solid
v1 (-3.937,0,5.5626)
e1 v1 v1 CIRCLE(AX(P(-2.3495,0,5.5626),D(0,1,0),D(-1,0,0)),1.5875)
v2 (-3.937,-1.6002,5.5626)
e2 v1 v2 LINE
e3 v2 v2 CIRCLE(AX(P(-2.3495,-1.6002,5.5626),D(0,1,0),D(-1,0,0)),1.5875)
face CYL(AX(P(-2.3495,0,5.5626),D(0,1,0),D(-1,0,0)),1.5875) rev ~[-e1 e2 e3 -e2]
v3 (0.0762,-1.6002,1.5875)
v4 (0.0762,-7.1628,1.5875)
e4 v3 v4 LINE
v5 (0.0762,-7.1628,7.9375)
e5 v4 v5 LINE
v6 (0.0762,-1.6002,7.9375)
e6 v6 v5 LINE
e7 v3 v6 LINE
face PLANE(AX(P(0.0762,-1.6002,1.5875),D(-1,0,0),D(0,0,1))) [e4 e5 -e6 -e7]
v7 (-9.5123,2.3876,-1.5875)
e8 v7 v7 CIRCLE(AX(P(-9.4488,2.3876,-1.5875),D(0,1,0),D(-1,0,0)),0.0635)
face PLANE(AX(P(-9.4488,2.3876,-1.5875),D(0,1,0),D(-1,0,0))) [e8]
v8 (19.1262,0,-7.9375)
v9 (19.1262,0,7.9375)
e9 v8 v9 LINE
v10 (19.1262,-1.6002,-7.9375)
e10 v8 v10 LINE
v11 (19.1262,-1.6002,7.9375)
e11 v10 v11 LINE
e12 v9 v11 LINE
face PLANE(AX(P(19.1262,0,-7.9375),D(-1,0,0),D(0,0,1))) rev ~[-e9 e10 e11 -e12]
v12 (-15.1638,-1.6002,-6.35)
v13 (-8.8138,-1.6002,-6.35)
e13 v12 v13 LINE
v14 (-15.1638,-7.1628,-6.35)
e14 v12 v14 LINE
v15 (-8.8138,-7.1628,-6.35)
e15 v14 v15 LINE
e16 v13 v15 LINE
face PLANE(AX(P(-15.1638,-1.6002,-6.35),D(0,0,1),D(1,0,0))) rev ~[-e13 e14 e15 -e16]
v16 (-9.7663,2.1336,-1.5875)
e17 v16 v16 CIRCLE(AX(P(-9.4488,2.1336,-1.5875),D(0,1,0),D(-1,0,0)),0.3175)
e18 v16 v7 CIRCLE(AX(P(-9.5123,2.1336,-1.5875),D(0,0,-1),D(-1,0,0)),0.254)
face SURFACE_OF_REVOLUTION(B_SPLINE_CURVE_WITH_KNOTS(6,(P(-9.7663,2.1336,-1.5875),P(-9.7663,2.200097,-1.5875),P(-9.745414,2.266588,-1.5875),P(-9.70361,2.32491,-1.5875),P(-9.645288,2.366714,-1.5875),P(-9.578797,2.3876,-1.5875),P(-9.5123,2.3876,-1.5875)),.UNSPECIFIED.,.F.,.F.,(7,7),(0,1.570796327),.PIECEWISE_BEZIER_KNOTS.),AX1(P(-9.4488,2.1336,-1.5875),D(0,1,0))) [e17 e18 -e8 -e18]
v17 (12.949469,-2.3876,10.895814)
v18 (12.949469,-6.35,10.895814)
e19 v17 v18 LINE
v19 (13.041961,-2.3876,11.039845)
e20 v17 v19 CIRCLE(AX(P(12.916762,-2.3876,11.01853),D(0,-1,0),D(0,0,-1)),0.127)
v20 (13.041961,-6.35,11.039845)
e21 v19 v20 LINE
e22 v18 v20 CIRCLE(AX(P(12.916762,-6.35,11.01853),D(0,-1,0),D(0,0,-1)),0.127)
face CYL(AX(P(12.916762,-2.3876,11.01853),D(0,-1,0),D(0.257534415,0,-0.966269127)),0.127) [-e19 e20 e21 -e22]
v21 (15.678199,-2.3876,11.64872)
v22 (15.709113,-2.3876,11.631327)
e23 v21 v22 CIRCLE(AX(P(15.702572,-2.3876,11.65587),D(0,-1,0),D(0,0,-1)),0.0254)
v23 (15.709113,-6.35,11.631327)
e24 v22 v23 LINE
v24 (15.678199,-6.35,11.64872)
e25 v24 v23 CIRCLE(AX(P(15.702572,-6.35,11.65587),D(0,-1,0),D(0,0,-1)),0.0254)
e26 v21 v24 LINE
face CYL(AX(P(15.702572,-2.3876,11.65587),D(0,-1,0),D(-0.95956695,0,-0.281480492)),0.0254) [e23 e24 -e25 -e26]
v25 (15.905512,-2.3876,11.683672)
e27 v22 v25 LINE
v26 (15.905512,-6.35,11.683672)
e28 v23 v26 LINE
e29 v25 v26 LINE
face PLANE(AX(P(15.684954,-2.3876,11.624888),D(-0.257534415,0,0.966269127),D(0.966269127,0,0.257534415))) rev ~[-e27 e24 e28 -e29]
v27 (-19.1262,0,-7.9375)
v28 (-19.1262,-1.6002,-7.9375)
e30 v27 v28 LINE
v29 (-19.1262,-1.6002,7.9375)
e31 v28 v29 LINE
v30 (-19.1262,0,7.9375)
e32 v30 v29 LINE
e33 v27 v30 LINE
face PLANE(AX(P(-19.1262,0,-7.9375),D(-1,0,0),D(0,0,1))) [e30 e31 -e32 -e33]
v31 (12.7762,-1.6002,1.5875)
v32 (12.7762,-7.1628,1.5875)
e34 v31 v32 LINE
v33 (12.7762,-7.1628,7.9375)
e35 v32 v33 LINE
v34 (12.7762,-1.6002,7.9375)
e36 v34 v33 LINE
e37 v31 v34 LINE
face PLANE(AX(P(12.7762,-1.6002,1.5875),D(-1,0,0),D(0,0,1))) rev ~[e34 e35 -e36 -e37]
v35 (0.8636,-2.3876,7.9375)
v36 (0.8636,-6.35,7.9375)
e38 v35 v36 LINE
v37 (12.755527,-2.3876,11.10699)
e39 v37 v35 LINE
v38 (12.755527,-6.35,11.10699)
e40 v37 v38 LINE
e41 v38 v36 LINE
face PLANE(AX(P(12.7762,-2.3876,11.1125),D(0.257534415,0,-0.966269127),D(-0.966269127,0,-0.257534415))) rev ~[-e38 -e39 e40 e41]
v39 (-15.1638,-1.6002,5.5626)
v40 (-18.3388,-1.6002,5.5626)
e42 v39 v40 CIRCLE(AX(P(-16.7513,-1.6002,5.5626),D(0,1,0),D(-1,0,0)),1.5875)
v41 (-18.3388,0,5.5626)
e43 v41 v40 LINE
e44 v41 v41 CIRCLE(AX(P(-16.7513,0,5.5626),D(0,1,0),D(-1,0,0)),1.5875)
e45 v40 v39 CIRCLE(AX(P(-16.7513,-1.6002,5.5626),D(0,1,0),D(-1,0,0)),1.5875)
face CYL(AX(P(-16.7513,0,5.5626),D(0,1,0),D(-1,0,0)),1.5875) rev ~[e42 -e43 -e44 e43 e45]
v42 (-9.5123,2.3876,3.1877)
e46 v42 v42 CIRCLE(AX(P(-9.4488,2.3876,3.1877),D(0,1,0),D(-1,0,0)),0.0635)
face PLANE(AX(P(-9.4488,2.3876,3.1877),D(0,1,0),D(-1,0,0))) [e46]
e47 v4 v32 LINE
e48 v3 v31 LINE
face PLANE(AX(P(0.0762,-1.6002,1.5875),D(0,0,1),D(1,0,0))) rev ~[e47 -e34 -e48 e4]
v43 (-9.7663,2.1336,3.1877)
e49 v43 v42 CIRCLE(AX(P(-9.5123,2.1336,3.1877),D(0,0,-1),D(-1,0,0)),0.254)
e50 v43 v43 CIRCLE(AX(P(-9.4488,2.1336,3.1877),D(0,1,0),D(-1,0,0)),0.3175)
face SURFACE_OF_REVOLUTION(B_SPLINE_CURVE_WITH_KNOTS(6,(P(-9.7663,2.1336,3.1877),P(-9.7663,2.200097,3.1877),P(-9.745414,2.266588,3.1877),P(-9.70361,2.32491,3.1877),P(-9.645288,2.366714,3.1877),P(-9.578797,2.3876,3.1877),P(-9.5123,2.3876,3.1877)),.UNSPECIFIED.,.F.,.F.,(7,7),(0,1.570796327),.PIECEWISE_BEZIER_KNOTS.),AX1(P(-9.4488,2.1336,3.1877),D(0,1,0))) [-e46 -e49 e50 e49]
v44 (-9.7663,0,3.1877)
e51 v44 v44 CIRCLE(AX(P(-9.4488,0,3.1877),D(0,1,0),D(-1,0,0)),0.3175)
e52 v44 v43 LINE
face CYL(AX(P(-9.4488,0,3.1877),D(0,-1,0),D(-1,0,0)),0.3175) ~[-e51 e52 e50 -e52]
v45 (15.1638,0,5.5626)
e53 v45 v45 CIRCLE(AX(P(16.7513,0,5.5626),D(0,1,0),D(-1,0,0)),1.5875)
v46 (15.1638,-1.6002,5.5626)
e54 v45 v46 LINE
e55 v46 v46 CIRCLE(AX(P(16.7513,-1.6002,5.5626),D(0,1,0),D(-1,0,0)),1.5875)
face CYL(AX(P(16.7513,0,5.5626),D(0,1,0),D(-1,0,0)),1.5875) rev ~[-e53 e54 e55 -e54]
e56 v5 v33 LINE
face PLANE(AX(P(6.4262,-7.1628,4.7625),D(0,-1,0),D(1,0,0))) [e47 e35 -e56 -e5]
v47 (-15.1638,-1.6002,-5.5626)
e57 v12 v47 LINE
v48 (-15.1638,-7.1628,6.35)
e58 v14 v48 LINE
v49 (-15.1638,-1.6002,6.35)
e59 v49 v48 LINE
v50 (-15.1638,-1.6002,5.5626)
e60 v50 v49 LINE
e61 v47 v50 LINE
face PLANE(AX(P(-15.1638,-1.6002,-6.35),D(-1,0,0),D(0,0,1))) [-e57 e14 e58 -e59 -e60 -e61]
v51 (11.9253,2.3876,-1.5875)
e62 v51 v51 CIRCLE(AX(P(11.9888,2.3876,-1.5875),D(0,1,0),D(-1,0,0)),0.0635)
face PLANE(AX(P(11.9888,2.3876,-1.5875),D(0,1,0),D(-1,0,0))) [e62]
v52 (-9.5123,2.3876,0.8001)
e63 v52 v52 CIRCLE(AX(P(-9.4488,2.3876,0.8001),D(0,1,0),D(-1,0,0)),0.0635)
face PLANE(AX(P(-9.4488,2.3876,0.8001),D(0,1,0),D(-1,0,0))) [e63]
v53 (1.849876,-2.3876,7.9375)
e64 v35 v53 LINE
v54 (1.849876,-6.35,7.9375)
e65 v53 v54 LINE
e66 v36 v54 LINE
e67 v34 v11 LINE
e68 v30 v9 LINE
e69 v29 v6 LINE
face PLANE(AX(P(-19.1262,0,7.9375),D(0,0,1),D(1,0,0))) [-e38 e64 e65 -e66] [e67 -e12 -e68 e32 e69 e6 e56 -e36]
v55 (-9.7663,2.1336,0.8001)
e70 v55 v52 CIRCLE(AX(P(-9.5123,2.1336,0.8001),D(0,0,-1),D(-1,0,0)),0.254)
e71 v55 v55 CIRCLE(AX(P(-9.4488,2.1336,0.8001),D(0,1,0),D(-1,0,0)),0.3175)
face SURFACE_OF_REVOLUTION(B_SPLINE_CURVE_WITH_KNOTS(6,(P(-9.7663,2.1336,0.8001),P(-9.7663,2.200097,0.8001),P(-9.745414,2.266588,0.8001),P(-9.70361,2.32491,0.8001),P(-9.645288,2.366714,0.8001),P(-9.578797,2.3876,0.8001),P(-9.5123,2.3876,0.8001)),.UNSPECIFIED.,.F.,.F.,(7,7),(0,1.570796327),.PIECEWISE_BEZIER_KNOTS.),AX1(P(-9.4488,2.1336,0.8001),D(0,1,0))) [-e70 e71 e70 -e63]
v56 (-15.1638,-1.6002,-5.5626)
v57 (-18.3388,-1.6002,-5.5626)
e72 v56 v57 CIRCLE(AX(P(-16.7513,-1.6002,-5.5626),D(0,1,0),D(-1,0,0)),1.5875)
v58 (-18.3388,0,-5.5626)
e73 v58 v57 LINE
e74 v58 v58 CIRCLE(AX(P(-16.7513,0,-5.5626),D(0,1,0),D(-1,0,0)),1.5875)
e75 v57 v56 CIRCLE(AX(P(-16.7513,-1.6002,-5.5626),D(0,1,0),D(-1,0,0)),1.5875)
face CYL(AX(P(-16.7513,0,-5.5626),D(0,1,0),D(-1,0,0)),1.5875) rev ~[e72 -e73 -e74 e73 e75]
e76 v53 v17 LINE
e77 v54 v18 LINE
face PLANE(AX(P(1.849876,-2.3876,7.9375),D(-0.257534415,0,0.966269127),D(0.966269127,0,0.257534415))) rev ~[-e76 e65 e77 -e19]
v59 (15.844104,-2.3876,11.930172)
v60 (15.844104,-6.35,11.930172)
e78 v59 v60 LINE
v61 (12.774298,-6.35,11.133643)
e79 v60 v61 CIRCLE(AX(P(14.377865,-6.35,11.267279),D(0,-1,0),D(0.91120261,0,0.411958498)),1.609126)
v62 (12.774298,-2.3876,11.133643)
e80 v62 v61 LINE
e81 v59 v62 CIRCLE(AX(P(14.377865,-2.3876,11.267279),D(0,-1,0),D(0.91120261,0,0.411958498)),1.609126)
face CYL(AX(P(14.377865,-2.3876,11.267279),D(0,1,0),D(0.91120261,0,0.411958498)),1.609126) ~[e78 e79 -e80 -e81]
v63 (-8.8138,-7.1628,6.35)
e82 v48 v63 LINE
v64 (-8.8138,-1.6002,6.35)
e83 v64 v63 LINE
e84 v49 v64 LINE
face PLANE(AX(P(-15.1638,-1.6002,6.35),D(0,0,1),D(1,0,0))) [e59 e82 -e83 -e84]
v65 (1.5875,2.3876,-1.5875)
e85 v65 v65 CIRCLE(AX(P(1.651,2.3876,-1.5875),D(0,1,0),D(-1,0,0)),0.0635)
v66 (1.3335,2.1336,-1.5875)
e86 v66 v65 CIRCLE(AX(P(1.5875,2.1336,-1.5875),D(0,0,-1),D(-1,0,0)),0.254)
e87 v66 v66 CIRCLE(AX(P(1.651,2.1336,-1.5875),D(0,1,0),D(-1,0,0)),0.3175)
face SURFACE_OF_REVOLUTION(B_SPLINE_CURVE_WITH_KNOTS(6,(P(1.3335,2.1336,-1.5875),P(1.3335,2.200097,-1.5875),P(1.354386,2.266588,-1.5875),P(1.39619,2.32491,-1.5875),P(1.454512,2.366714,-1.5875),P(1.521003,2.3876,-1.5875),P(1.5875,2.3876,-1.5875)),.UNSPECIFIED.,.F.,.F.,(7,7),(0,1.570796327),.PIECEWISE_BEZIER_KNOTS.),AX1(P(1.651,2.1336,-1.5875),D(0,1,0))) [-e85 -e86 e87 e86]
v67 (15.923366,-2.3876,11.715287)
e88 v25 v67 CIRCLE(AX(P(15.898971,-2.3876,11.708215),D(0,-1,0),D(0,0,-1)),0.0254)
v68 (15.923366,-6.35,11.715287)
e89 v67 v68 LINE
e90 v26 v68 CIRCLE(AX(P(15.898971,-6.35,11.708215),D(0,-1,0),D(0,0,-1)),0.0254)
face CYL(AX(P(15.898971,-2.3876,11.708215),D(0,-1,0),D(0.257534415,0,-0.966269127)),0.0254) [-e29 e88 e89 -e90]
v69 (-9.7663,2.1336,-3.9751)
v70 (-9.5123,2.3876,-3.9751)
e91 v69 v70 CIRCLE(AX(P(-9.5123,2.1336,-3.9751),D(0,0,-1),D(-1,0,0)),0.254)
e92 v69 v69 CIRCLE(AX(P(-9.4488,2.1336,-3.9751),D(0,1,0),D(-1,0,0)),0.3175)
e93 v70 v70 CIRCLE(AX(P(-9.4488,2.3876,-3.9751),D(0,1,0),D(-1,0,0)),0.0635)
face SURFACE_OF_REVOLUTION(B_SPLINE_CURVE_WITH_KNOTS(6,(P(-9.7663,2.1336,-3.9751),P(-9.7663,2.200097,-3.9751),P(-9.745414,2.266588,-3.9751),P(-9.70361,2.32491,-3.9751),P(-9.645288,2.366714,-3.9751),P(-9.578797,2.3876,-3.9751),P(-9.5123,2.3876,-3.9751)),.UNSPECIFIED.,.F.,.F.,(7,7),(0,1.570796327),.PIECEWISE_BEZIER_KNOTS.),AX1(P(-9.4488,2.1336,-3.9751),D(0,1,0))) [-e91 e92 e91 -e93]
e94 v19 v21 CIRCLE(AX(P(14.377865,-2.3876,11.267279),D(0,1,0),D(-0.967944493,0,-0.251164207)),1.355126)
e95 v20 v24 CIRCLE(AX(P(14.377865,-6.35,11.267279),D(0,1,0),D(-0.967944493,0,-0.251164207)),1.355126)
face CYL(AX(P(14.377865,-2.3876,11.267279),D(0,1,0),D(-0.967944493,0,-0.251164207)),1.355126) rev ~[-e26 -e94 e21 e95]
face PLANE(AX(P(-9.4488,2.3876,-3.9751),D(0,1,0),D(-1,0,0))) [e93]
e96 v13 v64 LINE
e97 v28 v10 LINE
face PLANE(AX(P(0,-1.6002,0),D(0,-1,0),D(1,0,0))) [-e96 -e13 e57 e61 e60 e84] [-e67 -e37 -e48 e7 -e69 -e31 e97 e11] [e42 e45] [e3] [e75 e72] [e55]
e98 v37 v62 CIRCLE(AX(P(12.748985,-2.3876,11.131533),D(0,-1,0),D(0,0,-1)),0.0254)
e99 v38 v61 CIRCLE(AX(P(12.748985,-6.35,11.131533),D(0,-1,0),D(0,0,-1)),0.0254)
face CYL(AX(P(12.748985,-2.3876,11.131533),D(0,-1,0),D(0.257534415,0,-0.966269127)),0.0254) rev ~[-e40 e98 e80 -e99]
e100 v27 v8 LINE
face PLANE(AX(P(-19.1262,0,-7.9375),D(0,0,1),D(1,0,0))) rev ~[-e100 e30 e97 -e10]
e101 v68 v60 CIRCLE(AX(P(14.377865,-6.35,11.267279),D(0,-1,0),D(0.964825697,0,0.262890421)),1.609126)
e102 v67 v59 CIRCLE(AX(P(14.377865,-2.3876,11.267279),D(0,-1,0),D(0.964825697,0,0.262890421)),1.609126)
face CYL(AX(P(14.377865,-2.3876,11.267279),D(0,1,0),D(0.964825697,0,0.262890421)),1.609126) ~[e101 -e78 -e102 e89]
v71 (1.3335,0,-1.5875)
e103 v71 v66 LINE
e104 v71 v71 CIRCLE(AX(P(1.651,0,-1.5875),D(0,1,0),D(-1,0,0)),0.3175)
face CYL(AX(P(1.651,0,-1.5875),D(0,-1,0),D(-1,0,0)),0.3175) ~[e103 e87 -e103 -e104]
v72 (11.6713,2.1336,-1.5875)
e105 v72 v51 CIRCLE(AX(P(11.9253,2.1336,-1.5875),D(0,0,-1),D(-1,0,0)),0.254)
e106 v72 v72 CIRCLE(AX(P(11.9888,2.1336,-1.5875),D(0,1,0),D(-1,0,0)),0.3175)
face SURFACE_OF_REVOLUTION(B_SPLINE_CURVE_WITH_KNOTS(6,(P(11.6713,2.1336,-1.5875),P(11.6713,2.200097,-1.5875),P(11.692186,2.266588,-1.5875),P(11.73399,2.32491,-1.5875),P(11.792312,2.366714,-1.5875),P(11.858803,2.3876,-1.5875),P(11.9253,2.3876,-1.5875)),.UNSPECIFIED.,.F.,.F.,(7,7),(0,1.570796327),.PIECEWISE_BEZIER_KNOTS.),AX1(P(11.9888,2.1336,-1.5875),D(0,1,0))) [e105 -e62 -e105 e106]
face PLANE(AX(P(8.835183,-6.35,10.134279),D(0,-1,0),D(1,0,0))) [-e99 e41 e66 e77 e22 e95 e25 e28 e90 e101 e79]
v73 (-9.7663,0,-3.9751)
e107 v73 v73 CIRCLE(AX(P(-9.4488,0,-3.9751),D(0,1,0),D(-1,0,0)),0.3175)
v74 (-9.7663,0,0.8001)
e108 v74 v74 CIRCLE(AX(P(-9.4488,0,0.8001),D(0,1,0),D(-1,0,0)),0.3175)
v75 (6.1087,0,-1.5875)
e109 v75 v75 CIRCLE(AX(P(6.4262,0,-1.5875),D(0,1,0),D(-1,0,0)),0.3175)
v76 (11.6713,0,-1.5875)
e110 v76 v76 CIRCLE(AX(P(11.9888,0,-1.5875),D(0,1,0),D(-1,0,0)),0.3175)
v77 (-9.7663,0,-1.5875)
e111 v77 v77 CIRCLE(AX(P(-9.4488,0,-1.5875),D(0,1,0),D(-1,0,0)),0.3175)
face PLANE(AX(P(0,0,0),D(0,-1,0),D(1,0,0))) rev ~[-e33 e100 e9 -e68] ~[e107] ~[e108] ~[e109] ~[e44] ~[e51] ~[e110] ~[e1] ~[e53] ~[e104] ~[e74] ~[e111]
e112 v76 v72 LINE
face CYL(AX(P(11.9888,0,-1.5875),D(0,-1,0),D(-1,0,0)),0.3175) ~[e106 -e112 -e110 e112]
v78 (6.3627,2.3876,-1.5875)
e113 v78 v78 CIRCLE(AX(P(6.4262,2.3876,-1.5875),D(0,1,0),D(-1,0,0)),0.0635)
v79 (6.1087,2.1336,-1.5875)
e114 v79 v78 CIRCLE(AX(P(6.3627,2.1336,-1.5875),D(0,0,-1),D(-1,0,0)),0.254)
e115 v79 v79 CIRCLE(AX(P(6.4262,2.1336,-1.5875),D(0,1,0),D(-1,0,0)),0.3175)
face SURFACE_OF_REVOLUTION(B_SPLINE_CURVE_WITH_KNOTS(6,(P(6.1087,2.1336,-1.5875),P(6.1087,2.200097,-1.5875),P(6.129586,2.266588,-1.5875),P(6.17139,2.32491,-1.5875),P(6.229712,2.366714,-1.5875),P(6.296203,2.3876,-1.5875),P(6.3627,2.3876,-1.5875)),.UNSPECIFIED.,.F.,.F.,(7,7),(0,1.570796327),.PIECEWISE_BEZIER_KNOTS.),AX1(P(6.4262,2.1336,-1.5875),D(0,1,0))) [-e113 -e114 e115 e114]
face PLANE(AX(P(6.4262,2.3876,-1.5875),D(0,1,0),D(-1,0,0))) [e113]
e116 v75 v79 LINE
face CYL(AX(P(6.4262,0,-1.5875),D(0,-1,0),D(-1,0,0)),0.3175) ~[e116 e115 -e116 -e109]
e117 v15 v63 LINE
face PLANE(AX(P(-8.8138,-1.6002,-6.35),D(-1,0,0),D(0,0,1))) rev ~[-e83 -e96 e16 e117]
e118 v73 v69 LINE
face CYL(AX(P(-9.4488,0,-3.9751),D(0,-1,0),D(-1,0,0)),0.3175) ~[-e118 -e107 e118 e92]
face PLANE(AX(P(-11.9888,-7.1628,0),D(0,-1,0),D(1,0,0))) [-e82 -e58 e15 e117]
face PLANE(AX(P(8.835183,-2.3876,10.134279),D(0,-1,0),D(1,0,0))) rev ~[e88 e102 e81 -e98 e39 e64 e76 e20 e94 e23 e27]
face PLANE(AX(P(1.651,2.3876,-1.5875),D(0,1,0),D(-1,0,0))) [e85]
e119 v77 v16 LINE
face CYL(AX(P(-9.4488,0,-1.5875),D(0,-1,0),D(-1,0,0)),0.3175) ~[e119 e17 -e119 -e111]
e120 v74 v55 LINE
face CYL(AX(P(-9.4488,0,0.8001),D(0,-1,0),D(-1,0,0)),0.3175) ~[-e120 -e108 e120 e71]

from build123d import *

# Parameters (mm, degrees)
F0_W      = 38.2524
F0_H      = 15.875
F1_DEPTH  = 1.6002
F2_W      = 12.7
F2_H      = 6.35
F2_W_2    = 6.35
F2_H_2    = 12.7
F3_DEPTH  = 5.5626
F6_DEPTH  = 3.9624
F7_R      = 0.0254
F8_R      = 0.127
F9_R      = 0.3175
F10_DEPTH = 2.3876
F11_R     = 0.254
F12_R     = 1.5875
F13_DEPTH = 1.6002


with BuildPart() as f1:
    # F0 (on Front) → F1 (new body)
    with BuildSketch(Plane.XZ):
        Rectangle(F0_W, F0_H)
    extrude(amount=F1_DEPTH)

    # F2 (on face) → F3 (join)
    with BuildSketch(Plane.XZ.offset(1.6002)):
        with Locations((6.4262, 4.7625)):
            Rectangle(F2_W, F2_H)
        with Locations((-11.9888, 0)):
            Rectangle(F2_W_2, F2_H_2)
    extrude(amount=F3_DEPTH)

    # F5 (on offset) → F6 (join)
    with BuildSketch(Plane.XZ.offset(2.3876)):
        with BuildLine():
            Line((12.7762, 11.1125), (0.8636, 7.9375))
            Line((0.8636, 7.9375), (1.8498759492, 7.9375))
            Line((1.8498759492, 7.9375), (13.0661780236, 10.9269195294))
            ThreePointArc((13.0661780236, 10.9269195294), (14.0288731499, 12.5766950244), (15.6849539361, 11.6248875232))
            Line((15.6849539361, 11.6248875232), (15.9303907781, 11.6903024597))
            ThreePointArc((15.9303907781, 11.6903024597), (15.8920050974, 11.8119484816), (15.8441044767, 11.9301717689))
            ThreePointArc((15.8441044767, 11.9301717689), (13.9634594084, 12.8221273826), (12.7762, 11.1125))
        make_face()
    extrude(amount=F6_DEPTH)

    # F7
    f7_edges = [f1.edges().sort_by_distance(p)[0] for p in [
        (12.7762, -4.3688, 11.1125),
        (15.930391, -4.3688, 11.690302),
        (15.684954, -4.3688, 11.624888),
    ]]
    fillet(f7_edges, radius=F7_R)

    # F8
    f8_edges = [f1.edges().sort_by_distance(p)[0] for p in [
        (13.066178, -4.3688, 10.92692),
    ]]
    fillet(f8_edges, radius=F8_R)

    # F9 (on face) → F10 (join)
    with BuildSketch(Plane(origin=(0, 0, 0), x_dir=(-1, 0, 0), z_dir=(0, 1, 0))):
        with Locations((-11.9888, -1.5875)):
            Circle(F9_R)
        with Locations((-6.4262, -1.5875)):
            Circle(F9_R)
        with Locations((-1.651, -1.5875)):
            Circle(F9_R)
        with Locations((9.4488, 0.8001)):
            Circle(F9_R)
        with Locations((9.4488, 3.1877)):
            Circle(F9_R)
        with Locations((9.4488, -1.5875)):
            Circle(F9_R)
        with Locations((9.4488, -3.9751)):
            Circle(F9_R)
    extrude(amount=F10_DEPTH)

    # F11
    f11_edges = [f1.edges().sort_by_distance(p)[0] for p in [
        (12.3063, 2.3876, -1.5875),
        (6.7437, 2.3876, -1.5875),
        (1.9685, 2.3876, -1.5875),
        (-9.1313, 2.3876, 3.1877),
        (-9.1313, 2.3876, 0.8001),
        (-9.1313, 2.3876, -1.5875),
        (-9.1313, 2.3876, -3.9751),
    ]]
    fillet(f11_edges, radius=F11_R)

    # F12 (on face) → F13 (cut, through all)
    with BuildSketch(Plane(origin=(0, 0, 0), x_dir=(-1, 0, 0), z_dir=(0, 1, 0))):
        with Locations((-16.7513, 5.5626)):
            Circle(F12_R)
        with Locations((2.3495, 5.5626)):
            Circle(F12_R)
        with Locations((16.7513, 5.5626)):
            Circle(F12_R)
        with Locations((16.7513, -5.5626)):
            Circle(F12_R)
    extrude(amount=-F13_DEPTH, mode=Mode.SUBTRACT)


solid = f1.part
